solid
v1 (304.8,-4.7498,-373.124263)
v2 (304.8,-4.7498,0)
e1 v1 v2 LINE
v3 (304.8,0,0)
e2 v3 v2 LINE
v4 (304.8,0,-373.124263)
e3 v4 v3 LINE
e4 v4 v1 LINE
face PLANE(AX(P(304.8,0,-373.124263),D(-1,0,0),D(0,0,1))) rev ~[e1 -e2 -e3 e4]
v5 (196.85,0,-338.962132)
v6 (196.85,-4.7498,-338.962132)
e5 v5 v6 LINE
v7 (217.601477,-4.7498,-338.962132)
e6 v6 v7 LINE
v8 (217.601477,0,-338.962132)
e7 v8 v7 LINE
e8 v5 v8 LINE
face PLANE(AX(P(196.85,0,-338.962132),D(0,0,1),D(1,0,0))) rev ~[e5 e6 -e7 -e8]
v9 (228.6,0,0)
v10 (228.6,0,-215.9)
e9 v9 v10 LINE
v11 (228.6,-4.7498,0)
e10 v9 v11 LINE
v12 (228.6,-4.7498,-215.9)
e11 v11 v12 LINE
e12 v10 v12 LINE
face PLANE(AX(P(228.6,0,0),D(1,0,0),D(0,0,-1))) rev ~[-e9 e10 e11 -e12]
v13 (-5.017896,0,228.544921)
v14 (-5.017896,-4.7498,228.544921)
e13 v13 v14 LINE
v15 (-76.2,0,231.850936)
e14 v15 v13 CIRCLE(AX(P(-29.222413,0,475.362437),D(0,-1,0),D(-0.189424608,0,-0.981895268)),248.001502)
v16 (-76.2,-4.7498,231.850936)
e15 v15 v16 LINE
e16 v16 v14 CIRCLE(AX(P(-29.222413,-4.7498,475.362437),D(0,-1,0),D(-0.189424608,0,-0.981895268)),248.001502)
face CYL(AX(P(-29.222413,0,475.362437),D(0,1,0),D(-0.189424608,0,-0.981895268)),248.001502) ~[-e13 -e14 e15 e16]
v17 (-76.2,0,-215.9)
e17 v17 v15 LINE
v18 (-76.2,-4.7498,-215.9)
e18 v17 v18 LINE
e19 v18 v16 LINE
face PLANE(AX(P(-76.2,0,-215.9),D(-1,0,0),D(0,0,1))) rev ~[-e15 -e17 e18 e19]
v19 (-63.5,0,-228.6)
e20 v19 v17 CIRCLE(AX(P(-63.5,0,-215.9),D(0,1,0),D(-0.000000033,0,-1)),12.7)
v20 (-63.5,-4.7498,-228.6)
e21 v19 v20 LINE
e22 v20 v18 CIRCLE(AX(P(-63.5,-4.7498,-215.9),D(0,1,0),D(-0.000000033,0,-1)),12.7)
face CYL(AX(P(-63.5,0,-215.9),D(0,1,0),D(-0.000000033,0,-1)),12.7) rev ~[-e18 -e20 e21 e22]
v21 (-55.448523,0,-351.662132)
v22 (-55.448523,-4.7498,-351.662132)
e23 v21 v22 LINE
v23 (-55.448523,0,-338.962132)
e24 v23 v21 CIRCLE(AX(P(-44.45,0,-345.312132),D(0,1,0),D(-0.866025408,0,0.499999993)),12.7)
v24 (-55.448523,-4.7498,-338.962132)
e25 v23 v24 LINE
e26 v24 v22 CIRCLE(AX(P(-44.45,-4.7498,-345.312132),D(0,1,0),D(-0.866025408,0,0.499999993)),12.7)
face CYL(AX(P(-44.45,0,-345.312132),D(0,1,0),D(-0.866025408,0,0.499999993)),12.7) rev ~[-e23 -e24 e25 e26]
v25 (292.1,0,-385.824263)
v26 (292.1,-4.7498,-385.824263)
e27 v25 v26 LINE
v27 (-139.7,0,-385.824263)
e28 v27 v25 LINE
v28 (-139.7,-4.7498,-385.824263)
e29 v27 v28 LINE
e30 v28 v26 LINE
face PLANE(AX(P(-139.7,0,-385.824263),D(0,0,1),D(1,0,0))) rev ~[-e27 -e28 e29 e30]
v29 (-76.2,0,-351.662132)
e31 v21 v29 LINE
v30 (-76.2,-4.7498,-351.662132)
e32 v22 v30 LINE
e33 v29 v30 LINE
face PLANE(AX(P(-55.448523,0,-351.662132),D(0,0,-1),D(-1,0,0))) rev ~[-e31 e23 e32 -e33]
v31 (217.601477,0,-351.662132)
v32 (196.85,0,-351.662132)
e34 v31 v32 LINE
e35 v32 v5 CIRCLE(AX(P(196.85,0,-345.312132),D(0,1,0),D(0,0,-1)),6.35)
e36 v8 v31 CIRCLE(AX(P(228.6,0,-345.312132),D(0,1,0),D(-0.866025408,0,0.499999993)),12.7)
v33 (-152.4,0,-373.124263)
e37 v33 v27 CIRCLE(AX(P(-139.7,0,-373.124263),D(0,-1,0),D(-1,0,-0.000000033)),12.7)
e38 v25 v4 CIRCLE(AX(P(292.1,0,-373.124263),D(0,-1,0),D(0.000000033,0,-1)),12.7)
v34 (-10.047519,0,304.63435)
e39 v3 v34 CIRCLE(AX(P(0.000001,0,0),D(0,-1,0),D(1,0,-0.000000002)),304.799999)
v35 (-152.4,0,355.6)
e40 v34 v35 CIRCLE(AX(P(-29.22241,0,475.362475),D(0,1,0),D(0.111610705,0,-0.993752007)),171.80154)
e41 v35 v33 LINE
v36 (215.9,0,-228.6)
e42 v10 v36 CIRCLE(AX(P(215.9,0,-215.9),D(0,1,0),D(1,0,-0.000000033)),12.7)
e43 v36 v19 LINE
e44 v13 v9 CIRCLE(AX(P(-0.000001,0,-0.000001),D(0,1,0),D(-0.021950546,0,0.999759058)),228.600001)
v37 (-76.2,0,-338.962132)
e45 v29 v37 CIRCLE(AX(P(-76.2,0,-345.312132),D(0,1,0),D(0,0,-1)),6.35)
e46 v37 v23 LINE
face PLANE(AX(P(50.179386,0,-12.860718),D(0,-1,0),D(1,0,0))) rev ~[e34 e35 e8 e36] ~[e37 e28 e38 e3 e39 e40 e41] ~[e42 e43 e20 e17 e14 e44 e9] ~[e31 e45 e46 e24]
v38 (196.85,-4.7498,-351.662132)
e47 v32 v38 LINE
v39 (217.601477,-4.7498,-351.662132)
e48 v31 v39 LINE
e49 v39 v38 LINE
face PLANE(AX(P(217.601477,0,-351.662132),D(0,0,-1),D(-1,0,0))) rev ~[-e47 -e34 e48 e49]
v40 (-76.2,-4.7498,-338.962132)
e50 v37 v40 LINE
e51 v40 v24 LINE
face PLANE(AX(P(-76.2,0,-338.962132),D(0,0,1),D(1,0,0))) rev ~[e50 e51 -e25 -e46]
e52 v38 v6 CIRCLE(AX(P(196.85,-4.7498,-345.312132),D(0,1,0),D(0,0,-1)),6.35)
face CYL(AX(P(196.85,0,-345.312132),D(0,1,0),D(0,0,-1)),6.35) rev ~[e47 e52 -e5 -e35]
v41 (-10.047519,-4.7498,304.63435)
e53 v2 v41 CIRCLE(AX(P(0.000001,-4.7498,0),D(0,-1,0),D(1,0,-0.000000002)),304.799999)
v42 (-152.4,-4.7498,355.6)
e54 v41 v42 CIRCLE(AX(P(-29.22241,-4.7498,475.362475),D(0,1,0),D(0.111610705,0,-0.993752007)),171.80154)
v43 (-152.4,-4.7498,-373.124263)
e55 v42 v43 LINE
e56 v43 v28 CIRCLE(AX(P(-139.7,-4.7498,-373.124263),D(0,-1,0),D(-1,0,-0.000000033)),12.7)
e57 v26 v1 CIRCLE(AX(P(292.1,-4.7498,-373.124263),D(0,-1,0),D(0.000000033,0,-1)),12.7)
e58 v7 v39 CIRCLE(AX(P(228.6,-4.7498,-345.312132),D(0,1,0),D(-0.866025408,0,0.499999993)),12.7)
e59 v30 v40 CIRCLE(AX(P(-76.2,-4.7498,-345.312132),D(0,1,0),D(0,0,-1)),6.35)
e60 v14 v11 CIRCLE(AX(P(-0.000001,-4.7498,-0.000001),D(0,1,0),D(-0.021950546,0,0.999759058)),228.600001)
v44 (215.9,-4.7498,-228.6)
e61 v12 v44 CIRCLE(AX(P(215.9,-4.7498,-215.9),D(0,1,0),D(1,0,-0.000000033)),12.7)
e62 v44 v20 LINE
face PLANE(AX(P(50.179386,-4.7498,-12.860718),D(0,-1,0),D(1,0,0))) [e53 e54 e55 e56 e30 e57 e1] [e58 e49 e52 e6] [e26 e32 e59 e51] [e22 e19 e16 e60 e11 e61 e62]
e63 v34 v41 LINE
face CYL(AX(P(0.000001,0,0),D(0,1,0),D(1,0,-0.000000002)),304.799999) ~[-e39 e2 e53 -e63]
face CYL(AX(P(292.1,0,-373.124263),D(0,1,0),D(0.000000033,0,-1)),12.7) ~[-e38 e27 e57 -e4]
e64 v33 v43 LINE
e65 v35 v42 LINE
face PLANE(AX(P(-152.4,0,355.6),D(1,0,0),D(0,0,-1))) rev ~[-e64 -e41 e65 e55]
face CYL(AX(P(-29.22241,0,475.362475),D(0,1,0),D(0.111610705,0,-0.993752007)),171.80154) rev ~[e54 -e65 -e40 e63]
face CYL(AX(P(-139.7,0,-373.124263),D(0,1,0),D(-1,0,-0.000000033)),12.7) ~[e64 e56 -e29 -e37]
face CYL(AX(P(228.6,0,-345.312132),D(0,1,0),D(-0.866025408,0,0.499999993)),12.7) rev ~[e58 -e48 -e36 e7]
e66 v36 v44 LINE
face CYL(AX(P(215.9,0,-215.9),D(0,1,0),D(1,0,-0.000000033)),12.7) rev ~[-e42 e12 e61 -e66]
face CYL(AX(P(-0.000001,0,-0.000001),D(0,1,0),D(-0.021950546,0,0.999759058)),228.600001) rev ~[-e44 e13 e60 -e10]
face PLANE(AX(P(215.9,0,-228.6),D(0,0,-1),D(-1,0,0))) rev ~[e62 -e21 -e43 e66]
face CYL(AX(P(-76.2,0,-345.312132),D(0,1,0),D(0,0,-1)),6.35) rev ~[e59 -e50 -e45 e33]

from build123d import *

# Parameters (mm, degrees)
F1_DEPTH = 4.7498


with BuildPart() as f1:
    # F0 (on Front) → F1 (new body)
    with BuildSketch(Plane.XZ):
        with BuildLine():
            Line((304.8, -304.8), (304.8, 0))
            ThreePointArc((304.8, 0), (211.944045, 219.049679), (-10.047519, 304.63435))
            ThreePointArc((-10.047519, 304.63435), (-87.131949, 313.614973), (-152.4, 355.6))
            Line((-152.4, 355.6), (-152.4, -304.8))
            Line((-152.4, -304.8), (0, -304.8))
            Line((0, -304.8), (304.8, -304.8))
        make_face()
        with BuildLine():
            ThreePointArc((-5.017896, 228.544921), (159.860672, 163.409074), (228.6, 0))
            Line((228.6, 0), (228.6, -215.9))
            ThreePointArc((228.6, -215.9), (224.880256, -224.880256), (215.9, -228.6))
            Line((215.9, -228.6), (0, -228.6))
            Line((0, -228.6), (-63.5, -228.6))
            ThreePointArc((-63.5, -228.6), (-72.480256, -224.880256), (-76.2, -215.9))
            Line((-76.2, -215.9), (-76.2, 231.850936))
            ThreePointArc((-76.2, 231.850936), (-40.728308, 227.627984), (-5.017896, 228.544921))
        make_face(mode=Mode.SUBTRACT)
        with BuildLine():
            Line((304.8, -373.124263), (304.8, -304.8))
            Line((304.8, -304.8), (0, -304.8))
            Line((0, -304.8), (-152.4, -304.8))
            Line((-152.4, -304.8), (-152.4, -373.124263))
            ThreePointArc((-152.4, -373.124263), (-148.680256, -382.104519), (-139.7, -385.824263))
            Line((-139.7, -385.824263), (292.1, -385.824263))
            ThreePointArc((292.1, -385.824263), (301.080256, -382.104519), (304.8, -373.124263))
        make_face()
        with BuildLine():
            ThreePointArc((-55.448523, -338.962132), (-31.75, -345.312132), (-55.448523, -351.662132))
            Line((-55.448523, -351.662132), (-76.2, -351.662132))
            ThreePointArc((-76.2, -351.662132), (-82.55, -345.312132), (-76.2, -338.962132))
            Line((-76.2, -338.962132), (-55.448523, -338.962132))
        make_face(mode=Mode.SUBTRACT)
        with BuildLine():
            ThreePointArc((217.601477, -338.962132), (241.3, -345.312132), (217.601477, -351.662132))
            Line((217.601477, -351.662132), (196.85, -351.662132))
            ThreePointArc((196.85, -351.662132), (190.5, -345.312132), (196.85, -338.962132))
            Line((196.85, -338.962132), (217.601477, -338.962132))
        make_face(mode=Mode.SUBTRACT)
    extrude(amount=F1_DEPTH)


solid = f1.part
